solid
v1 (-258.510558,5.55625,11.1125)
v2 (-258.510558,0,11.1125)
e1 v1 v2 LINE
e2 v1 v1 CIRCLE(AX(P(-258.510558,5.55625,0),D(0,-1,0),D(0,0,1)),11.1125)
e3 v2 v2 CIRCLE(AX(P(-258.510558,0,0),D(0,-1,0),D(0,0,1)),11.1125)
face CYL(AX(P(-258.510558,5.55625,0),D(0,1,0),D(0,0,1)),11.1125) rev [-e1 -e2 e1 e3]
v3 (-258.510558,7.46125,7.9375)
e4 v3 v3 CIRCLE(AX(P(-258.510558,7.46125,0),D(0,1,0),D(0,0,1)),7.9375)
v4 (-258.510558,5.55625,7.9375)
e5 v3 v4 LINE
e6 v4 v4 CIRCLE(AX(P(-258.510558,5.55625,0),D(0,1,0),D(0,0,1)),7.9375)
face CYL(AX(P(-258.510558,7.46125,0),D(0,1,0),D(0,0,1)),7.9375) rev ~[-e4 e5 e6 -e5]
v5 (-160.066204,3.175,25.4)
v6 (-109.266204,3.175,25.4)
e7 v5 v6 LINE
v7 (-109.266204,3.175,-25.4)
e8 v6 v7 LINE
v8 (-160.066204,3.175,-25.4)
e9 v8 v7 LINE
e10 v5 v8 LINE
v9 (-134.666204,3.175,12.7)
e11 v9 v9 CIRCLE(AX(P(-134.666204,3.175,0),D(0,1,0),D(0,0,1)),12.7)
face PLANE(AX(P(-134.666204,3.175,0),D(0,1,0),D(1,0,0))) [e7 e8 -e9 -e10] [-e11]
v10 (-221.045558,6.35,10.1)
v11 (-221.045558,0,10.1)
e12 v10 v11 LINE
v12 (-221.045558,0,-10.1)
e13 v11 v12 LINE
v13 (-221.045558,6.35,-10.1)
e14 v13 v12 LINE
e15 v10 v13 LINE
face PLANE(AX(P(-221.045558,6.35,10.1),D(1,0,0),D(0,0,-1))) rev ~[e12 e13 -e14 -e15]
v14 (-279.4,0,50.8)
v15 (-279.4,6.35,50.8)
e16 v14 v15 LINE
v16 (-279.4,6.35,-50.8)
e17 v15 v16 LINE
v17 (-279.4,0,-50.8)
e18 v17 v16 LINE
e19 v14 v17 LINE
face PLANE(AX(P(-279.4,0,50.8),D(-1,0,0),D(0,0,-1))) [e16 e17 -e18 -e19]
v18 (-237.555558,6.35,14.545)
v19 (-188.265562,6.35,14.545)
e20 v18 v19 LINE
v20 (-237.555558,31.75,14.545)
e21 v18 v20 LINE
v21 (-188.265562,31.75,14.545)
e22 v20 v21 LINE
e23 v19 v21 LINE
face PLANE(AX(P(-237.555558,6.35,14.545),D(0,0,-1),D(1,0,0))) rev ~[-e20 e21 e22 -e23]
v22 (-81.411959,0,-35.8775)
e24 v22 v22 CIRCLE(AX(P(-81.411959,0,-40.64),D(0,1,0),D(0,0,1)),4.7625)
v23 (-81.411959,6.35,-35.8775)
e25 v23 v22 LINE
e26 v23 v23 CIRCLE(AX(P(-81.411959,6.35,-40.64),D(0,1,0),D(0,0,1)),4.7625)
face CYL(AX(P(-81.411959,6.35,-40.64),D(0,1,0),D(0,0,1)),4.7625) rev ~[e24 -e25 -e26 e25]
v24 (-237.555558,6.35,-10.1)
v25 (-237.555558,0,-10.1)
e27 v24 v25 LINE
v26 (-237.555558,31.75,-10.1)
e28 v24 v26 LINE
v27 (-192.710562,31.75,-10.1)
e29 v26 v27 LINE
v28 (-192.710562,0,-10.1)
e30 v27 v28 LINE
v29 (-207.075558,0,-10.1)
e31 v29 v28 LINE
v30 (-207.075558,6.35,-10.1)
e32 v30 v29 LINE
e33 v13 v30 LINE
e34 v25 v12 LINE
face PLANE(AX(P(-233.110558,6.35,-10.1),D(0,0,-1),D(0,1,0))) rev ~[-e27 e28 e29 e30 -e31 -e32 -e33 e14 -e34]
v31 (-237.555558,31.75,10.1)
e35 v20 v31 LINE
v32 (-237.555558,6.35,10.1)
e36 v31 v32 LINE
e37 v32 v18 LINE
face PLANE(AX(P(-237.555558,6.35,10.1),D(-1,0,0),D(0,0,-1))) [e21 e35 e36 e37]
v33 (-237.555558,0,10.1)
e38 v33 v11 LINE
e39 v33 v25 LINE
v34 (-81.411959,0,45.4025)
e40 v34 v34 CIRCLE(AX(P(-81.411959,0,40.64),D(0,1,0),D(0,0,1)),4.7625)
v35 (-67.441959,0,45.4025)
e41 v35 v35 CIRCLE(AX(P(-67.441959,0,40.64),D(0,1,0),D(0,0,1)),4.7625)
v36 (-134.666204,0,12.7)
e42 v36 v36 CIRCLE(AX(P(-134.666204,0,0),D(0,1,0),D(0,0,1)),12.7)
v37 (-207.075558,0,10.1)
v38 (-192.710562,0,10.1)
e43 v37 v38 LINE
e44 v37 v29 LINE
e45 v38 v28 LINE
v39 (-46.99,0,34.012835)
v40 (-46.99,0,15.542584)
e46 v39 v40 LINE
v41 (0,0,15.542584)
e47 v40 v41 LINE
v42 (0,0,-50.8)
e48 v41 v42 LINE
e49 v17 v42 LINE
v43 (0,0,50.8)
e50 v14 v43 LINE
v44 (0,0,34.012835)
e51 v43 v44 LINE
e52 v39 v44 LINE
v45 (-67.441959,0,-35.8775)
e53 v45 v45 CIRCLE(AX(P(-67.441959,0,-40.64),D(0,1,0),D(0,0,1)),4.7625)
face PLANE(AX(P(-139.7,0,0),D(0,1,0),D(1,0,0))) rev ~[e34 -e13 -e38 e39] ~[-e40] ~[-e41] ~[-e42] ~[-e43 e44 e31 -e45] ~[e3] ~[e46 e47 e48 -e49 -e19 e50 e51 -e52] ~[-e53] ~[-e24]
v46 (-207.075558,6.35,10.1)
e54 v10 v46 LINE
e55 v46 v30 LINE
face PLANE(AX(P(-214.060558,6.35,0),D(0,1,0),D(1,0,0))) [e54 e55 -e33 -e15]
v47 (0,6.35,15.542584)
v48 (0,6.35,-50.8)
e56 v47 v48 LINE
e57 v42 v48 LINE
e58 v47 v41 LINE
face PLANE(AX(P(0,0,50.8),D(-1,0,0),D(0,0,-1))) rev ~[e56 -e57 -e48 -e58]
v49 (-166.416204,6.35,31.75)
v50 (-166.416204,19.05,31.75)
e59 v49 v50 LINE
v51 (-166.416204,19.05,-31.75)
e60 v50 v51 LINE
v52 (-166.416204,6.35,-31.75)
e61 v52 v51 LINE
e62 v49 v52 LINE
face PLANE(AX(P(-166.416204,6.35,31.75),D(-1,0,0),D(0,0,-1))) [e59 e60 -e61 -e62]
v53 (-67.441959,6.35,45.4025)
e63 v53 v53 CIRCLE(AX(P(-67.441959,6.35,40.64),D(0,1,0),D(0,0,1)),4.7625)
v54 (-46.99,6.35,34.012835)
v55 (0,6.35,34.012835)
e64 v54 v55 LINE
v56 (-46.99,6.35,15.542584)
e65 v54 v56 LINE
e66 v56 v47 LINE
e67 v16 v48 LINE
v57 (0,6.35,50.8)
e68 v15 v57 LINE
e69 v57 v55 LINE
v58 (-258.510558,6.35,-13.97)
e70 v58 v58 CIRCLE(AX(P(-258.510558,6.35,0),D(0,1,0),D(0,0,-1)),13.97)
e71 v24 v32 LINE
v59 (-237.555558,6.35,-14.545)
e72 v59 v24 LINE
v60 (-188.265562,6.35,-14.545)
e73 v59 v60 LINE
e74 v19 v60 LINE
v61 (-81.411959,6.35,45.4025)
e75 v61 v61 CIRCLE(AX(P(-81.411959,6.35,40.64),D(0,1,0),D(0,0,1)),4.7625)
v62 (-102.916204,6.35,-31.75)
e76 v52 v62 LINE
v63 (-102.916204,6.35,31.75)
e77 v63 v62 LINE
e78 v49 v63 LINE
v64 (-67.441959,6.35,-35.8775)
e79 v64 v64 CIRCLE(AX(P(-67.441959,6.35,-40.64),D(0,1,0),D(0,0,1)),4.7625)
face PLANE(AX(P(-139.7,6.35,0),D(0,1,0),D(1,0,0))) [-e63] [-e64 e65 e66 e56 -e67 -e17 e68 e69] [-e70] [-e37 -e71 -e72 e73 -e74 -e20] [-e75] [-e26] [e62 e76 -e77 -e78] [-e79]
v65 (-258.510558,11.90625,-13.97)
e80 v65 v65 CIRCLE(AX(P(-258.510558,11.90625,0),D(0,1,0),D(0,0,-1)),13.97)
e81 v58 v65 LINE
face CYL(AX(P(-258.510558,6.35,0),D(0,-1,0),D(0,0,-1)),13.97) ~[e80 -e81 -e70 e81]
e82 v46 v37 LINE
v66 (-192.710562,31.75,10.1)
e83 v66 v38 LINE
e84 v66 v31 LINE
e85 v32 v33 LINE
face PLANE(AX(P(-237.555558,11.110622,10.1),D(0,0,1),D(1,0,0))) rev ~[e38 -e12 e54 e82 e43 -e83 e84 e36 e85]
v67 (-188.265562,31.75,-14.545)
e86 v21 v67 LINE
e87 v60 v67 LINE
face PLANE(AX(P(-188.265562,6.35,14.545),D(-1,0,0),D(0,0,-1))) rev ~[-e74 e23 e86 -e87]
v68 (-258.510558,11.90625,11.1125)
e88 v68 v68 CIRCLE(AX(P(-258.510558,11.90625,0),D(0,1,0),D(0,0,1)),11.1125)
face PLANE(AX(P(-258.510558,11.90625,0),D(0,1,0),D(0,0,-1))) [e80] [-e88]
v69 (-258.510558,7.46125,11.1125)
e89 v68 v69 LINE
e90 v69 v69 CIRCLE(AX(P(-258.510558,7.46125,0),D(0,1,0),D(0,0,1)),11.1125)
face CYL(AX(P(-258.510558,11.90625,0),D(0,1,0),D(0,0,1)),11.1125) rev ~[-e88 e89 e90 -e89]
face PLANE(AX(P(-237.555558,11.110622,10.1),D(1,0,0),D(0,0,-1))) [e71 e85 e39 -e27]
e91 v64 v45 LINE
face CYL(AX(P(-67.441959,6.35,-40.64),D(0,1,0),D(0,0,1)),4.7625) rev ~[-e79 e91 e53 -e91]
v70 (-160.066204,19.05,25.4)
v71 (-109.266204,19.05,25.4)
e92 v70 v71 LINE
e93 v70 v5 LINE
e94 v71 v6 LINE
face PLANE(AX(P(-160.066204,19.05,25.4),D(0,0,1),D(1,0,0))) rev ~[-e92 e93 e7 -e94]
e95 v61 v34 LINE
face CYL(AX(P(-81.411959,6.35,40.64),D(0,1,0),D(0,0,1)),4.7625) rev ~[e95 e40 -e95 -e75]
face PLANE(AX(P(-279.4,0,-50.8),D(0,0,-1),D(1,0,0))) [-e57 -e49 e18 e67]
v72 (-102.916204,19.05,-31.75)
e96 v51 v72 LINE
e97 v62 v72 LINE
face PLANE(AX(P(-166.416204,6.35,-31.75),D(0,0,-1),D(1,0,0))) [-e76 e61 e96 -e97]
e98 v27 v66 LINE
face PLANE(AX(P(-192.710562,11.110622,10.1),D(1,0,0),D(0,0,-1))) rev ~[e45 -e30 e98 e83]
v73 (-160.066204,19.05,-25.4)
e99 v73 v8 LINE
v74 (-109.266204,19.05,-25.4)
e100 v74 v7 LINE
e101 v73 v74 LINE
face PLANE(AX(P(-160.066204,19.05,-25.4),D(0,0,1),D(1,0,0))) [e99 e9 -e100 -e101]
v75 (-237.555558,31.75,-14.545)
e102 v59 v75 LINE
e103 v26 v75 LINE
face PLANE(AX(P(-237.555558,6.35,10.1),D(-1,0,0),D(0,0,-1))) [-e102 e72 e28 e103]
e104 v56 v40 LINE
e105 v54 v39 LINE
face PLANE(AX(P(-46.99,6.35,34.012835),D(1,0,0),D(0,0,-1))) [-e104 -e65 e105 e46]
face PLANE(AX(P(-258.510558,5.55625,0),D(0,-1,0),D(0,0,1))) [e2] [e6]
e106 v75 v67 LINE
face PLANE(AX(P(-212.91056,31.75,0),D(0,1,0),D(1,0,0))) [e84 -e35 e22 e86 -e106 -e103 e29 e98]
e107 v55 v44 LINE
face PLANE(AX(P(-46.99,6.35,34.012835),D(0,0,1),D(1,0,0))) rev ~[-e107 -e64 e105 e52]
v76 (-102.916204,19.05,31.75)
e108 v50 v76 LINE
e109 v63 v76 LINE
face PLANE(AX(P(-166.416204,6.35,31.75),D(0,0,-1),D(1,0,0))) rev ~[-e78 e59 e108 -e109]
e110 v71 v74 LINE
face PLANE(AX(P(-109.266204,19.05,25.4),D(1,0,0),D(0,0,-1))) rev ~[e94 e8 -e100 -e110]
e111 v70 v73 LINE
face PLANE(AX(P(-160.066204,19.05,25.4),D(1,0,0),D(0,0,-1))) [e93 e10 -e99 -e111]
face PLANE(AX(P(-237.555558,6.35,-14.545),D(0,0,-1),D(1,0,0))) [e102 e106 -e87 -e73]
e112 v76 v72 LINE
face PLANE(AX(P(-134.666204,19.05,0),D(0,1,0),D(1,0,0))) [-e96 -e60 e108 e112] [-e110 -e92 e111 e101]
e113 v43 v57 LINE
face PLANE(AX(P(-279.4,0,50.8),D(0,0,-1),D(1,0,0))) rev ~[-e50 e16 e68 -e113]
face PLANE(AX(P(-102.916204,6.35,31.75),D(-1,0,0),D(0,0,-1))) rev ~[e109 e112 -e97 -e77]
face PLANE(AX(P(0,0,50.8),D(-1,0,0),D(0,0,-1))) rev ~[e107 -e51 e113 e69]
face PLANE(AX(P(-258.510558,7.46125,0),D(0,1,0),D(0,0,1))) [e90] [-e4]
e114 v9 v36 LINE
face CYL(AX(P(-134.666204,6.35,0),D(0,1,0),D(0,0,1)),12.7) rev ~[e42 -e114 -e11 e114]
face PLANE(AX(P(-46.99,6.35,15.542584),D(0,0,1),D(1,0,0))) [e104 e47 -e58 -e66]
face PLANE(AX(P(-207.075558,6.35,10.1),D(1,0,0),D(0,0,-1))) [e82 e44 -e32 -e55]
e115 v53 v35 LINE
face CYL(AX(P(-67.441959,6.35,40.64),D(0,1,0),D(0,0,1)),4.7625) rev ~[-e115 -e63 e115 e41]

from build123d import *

# Parameters (mm, degrees)
SKETCH1_W            = 279.4
SKETCH1_H            = 101.6
BOSS_EXTRUDE1_DEPTH  = 6.35
SKETCH2_R            = 13.97
BOSS_EXTRUDE3_DEPTH  = 5.55625
SKETCH9_R            = 11.1125
CUT_EXTRUDE4_DEPTH   = 4.445
CUT_EXTRUDE5_START   = -5.55625
SKETCH10_R           = 11.1125
CUT_EXTRUDE5_DEPTH   = 5.55625
SKETCH11_R           = 7.9375
CUT_EXTRUDE6_DEPTH   = 285.078633923
SKETCH12_R           = 12.7
CUT_EXTRUDE7_DEPTH   = 285.051619429
SKETCH22_W           = 63.5
SKETCH22_H           = 63.5
BOSS_EXTRUDE7_DEPTH  = 12.7
SKETCH25_W           = 50.8
SKETCH25_H           = 50.8
CUT_EXTRUDE11_DEPTH  = 15.875
SKETCH32_R           = 4.7625
CUT_EXTRUDE12_DEPTH  = 6.35
SKETCH38_W           = 46.99
SKETCH38_H           = 18.470251096
CUT_EXTRUDE13_DEPTH  = 6.35
SKETCH50_W           = 49.2899954
SKETCH50_H           = 29.09000024
BOSS_EXTRUDE14_DEPTH = 25.4
SKETCH49_W           = 40.3999954
SKETCH49_H           = 20.20000024
CUT_EXTRUDE19_DEPTH  = 286.114292872
SKETCH52_W           = 20.20000024
SKETCH52_H           = 25.4
CUT_EXTRUDE20_DEPTH  = 4.445
SKETCH53_W           = 44.8449954
SKETCH53_H           = 20.20000024
BOSS_EXTRUDE15_DEPTH = 4.760622178
SKETCH55_W           = 44.8449954
SKETCH55_H           = 20.20000024
CUT_EXTRUDE21_DEPTH  = 285.729668136
SKETCH56_W           = 13.97
SKETCH56_H           = 20.20000024
BOSS_EXTRUDE16_DEPTH = 6.35


with BuildPart() as part:
    # Sketch1 → Boss-Extrude1 (new body)
    with BuildSketch(Plane(origin=(0, 0, 0), x_dir=(1, 0, 0), z_dir=(0, 1, 0))):
        with Locations((-139.7, 0)):
            Rectangle(SKETCH1_W, SKETCH1_H)
    extrude(amount=BOSS_EXTRUDE1_DEPTH)

    # Sketch2 → Boss-Extrude3 (add)
    with BuildSketch(Plane(origin=(0, 6.35, 0), x_dir=(1, 0, 0), z_dir=(0, 1, 0))):
        with Locations(Location((-258.510557857, 0, 0), (0, 0, 90))):
            Circle(SKETCH2_R)
    extrude(amount=BOSS_EXTRUDE3_DEPTH)

    # Sketch9 → Cut-Extrude4 (cut)
    with BuildSketch(Plane(origin=(0, 11.90625, 0), x_dir=(1, 0, 0), z_dir=(0, 1, 0))):
        with Locations(Location((-258.510557857, 0, 0), (0, 0, 270))):
            Circle(SKETCH9_R)
    extrude(amount=-CUT_EXTRUDE4_DEPTH, mode=Mode.SUBTRACT)

    # Sketch10 → Cut-Extrude5 (cut)
    with BuildSketch(Plane(origin=(0, 0, 0), x_dir=(-1, 0, 0), z_dir=(0, -1, 0)).offset(CUT_EXTRUDE5_START)):
        with Locations(Location((258.510557857, 0, 0), (0, 0, 270))):
            Circle(SKETCH10_R)
    extrude(amount=CUT_EXTRUDE5_DEPTH, mode=Mode.SUBTRACT)

    # Sketch11 → Cut-Extrude6 (cut, through all)
    with BuildSketch(Plane(origin=(0, 7.46125, 0), x_dir=(1, 0, 0), z_dir=(0, 1, 0))):
        with Locations(Location((-258.510557857, 0, 0), (0, 0, 270))):
            Circle(SKETCH11_R)
    extrude(amount=-CUT_EXTRUDE6_DEPTH, mode=Mode.SUBTRACT)

    # Sketch12 → Cut-Extrude7 (cut, through all)
    with BuildSketch(Plane(origin=(0, 6.35, 0), x_dir=(1, 0, 0), z_dir=(0, 1, 0))):
        with Locations(Location((-134.666203771, 0, 0), (0, 0, 270))):
            Circle(SKETCH12_R)
    extrude(amount=-CUT_EXTRUDE7_DEPTH, mode=Mode.SUBTRACT)

    # Sketch22 → Boss-Extrude7 (add)
    with BuildSketch(Plane(origin=(0, 6.35, 0), x_dir=(1, 0, 0), z_dir=(0, 1, 0))):
        with Locations((-134.666203771, 0)):
            Rectangle(SKETCH22_W, SKETCH22_H)
    extrude(amount=BOSS_EXTRUDE7_DEPTH)

    # Sketch25 → Cut-Extrude11 (cut)
    with BuildSketch(Plane(origin=(0, 19.05, 0), x_dir=(1, 0, 0), z_dir=(0, 1, 0))):
        with Locations((-134.666203771, 0)):
            Rectangle(SKETCH25_W, SKETCH25_H)
    extrude(amount=-CUT_EXTRUDE11_DEPTH, mode=Mode.SUBTRACT)

    # Sketch32 → Cut-Extrude12 (cut)
    with BuildSketch(Plane(origin=(0, 6.35, 0), x_dir=(1, 0, 0), z_dir=(0, 1, 0))):
        with Locations(Location((-67.44195898, -40.64, 0), (0, 0, 270))):
            Circle(SKETCH32_R)
        with Locations(Location((-81.41195898, -40.64, 0), (0, 0, 270))):
            Circle(SKETCH32_R)
        with Locations(Location((-67.44195898, 40.64, 0), (0, 0, 270))):
            Circle(SKETCH32_R)
        with Locations(Location((-81.41195898, 40.64, 0), (0, 0, 270))):
            Circle(SKETCH32_R)
    extrude(amount=-CUT_EXTRUDE12_DEPTH, mode=Mode.SUBTRACT)

    # Sketch38 → Cut-Extrude13 (cut)
    with BuildSketch(Plane(origin=(0, 6.35, 0), x_dir=(1, 0, 0), z_dir=(0, 1, 0))):
        with Locations((-23.495, -24.777709652)):
            Rectangle(SKETCH38_W, SKETCH38_H)
    extrude(amount=-CUT_EXTRUDE13_DEPTH, mode=Mode.SUBTRACT)

    # Sketch50 → Boss-Extrude14 (add)
    with BuildSketch(Plane(origin=(0, 6.35, 0), x_dir=(1, 0, 0), z_dir=(0, 1, 0))):
        with Locations((-212.910560157, 0)):
            Rectangle(SKETCH50_W, SKETCH50_H)
    extrude(amount=BOSS_EXTRUDE14_DEPTH)

    # Sketch49 → Cut-Extrude19 (cut, through all)
    with BuildSketch(Plane(origin=(0, 6.35, 0), x_dir=(1, 0, 0), z_dir=(0, 1, 0))):
        with Locations((-212.910560157, 0)):
            Rectangle(SKETCH49_W, SKETCH49_H)
    extrude(amount=CUT_EXTRUDE19_DEPTH, mode=Mode.SUBTRACT)

    # Sketch52 → Cut-Extrude20 (cut)
    with BuildSketch(Plane(origin=(-233.110557857, 0, 0), x_dir=(0, 0, -1), z_dir=(1, 0, 0))):
        with Locations((0, 19.05)):
            Rectangle(SKETCH52_W, SKETCH52_H)
    extrude(amount=-CUT_EXTRUDE20_DEPTH, mode=Mode.SUBTRACT)

    # Sketch53 → Boss-Extrude15 (add)
    with BuildSketch(Plane(origin=(0, 6.35, 0), x_dir=(1, 0, 0), z_dir=(0, 1, 0))):
        with Locations((-215.133060157, 0)):
            Rectangle(SKETCH53_W, SKETCH53_H)
    extrude(amount=BOSS_EXTRUDE15_DEPTH)

    # Sketch55 → Cut-Extrude21 (cut, through all)
    with BuildSketch(Plane(origin=(0, 11.110622178, 0), x_dir=(1, 0, 0), z_dir=(0, 1, 0))):
        with Locations((-215.133060157, 0)):
            Rectangle(SKETCH55_W, SKETCH55_H)
    extrude(amount=-CUT_EXTRUDE21_DEPTH, mode=Mode.SUBTRACT)

    # Sketch56 → Boss-Extrude16 (add)
    with BuildSketch(Plane(origin=(0, 6.35, 0), x_dir=(1, 0, 0), z_dir=(0, 1, 0))):
        with Locations((-214.060557857, 0)):
            Rectangle(SKETCH56_W, SKETCH56_H)
    extrude(amount=-BOSS_EXTRUDE16_DEPTH)


solid = part.part
